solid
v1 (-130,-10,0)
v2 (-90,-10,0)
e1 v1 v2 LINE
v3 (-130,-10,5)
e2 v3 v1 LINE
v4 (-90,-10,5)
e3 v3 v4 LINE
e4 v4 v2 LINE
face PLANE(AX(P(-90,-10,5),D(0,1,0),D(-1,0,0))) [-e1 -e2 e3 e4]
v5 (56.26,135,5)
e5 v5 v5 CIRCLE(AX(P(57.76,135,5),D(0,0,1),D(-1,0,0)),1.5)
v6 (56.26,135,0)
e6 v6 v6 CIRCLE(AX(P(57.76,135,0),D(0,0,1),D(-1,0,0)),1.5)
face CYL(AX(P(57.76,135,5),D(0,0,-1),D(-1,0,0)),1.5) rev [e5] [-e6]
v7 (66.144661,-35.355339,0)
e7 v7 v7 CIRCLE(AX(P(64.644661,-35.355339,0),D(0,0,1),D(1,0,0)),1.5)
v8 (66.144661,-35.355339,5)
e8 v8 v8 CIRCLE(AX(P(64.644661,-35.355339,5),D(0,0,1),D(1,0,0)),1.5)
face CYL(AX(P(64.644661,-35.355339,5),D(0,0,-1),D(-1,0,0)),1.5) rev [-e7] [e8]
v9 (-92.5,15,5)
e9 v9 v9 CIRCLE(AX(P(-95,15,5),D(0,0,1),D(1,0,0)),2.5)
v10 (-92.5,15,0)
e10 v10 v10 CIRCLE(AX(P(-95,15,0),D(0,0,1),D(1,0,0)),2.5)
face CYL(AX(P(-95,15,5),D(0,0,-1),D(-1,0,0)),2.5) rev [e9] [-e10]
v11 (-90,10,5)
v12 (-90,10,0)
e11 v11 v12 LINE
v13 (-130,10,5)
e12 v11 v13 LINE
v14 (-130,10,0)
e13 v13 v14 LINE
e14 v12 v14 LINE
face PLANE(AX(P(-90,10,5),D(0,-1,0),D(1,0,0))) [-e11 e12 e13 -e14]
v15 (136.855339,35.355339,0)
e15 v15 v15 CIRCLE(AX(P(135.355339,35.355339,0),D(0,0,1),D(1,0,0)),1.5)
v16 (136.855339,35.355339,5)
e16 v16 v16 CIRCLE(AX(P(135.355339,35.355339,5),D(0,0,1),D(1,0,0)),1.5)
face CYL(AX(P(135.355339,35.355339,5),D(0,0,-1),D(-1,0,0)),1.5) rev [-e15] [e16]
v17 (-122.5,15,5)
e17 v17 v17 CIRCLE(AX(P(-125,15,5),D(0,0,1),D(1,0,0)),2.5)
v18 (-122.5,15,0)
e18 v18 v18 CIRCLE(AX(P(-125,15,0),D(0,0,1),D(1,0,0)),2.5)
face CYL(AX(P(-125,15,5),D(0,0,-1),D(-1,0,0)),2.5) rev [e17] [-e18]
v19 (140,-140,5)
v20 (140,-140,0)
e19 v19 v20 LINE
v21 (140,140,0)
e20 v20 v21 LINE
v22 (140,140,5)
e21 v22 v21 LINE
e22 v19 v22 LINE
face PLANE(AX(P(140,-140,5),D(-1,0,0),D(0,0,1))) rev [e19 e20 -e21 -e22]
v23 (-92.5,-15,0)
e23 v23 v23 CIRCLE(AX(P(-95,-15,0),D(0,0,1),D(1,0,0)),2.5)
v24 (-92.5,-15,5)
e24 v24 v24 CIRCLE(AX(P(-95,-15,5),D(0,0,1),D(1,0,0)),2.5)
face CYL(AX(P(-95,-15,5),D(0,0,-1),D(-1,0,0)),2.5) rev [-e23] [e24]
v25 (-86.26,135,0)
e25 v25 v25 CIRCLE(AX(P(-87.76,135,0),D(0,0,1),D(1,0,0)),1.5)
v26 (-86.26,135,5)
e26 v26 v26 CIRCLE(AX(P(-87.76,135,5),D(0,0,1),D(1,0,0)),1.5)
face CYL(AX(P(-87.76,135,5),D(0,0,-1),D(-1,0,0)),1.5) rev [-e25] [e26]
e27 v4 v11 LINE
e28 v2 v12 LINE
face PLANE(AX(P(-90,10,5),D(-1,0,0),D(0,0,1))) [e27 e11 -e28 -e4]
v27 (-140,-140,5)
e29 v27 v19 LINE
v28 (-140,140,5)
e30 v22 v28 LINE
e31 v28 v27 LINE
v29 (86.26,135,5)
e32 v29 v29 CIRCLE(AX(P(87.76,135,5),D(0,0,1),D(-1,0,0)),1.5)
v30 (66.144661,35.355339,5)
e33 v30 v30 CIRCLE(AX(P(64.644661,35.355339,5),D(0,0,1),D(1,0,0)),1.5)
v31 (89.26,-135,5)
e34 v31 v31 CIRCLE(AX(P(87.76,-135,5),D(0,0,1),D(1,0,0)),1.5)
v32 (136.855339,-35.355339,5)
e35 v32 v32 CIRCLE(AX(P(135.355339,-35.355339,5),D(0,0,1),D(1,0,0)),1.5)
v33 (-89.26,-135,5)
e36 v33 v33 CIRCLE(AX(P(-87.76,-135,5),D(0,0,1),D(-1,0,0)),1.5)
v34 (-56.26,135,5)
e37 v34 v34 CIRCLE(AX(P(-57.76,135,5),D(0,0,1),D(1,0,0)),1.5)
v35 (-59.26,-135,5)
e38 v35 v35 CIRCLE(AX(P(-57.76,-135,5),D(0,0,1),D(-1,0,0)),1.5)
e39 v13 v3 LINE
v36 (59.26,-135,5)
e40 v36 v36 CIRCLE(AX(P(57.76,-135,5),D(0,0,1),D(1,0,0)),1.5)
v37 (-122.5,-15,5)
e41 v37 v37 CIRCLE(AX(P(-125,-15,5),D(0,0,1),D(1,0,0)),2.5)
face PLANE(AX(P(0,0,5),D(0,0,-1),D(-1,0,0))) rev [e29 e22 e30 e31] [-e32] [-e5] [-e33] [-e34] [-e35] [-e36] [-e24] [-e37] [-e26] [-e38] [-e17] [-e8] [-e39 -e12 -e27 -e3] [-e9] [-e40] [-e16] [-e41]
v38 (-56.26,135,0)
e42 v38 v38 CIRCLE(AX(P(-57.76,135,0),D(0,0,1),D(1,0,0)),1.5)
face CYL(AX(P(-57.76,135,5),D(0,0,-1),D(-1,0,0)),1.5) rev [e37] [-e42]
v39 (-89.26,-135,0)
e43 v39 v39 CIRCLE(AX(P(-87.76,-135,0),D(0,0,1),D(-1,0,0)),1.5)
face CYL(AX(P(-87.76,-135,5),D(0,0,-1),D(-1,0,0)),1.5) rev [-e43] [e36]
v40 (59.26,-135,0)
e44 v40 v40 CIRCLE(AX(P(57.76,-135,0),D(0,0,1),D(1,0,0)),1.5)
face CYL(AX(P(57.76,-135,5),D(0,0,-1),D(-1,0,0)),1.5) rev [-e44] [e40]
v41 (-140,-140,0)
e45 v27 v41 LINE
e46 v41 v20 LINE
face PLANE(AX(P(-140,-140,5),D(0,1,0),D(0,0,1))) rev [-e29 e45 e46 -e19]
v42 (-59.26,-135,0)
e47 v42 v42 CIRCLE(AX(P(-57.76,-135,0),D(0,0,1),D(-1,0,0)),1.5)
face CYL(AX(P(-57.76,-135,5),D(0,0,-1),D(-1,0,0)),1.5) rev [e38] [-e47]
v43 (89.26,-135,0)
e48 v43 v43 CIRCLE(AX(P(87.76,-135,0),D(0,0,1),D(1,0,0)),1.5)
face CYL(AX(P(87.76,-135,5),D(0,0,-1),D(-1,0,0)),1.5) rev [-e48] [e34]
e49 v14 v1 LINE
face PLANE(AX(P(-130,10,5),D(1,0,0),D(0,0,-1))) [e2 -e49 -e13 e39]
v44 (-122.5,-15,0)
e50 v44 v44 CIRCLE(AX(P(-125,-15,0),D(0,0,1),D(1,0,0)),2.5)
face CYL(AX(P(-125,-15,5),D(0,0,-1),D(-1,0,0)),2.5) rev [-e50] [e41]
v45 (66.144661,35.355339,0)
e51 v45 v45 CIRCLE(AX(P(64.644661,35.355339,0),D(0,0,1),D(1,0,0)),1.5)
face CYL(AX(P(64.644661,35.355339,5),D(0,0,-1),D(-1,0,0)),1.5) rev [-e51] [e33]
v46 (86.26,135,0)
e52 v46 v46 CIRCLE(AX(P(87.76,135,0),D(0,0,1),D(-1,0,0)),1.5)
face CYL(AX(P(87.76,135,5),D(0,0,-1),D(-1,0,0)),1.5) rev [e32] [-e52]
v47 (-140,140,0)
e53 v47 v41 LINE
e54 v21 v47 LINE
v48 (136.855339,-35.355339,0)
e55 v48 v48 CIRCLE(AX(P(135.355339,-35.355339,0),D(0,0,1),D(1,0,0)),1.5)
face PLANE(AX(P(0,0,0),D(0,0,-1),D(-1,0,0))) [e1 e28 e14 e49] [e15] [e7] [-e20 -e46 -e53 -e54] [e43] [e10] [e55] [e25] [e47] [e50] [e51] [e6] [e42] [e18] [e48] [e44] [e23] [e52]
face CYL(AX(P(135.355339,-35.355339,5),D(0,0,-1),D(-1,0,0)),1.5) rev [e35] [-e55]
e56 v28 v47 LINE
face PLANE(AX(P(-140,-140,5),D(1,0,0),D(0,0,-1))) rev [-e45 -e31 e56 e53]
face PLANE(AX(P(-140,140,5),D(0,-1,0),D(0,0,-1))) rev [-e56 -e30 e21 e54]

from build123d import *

# Parameters (mm, degrees)
SKETCH_1_W      = 280
SKETCH_1_H      = 280
SKETCH_1_R      = 1.5
SKETCH_1_R_2    = 2.5
SKETCH_1_W_2    = 40
SKETCH_1_H_2    = 20
EXTRUDE_1_DEPTH = 5


with BuildPart() as part:
    # 草图1 → 凸台-拉伸1 (new body)
    with BuildSketch(Plane.XY):
        Rectangle(SKETCH_1_W, SKETCH_1_H)
        with Locations((-87.76, 135)):
            Circle(SKETCH_1_R, mode=Mode.SUBTRACT)
        with Locations((-57.76, 135)):
            Circle(SKETCH_1_R, mode=Mode.SUBTRACT)
        with Locations(Location((57.76, 135, 0), (0, 0, 180))):
            Circle(SKETCH_1_R, mode=Mode.SUBTRACT)
        with Locations(Location((87.76, 135, 0), (0, 0, 180))):
            Circle(SKETCH_1_R, mode=Mode.SUBTRACT)
        with Locations((87.76, -135)):
            Circle(SKETCH_1_R, mode=Mode.SUBTRACT)
        with Locations((57.76, -135)):
            Circle(SKETCH_1_R, mode=Mode.SUBTRACT)
        with Locations(Location((-57.76, -135, 0), (0, 0, 180))):
            Circle(SKETCH_1_R, mode=Mode.SUBTRACT)
        with Locations(Location((-87.76, -135, 0), (0, 0, 180))):
            Circle(SKETCH_1_R, mode=Mode.SUBTRACT)
        with Locations((64.644660941, 35.355339059)):
            Circle(SKETCH_1_R, mode=Mode.SUBTRACT)
        with Locations((135.355339059, 35.355339059)):
            Circle(SKETCH_1_R, mode=Mode.SUBTRACT)
        with Locations((64.644660941, -35.355339059)):
            Circle(SKETCH_1_R, mode=Mode.SUBTRACT)
        with Locations((135.355339059, -35.355339059)):
            Circle(SKETCH_1_R, mode=Mode.SUBTRACT)
        with Locations((-95, 15)):
            Circle(SKETCH_1_R_2, mode=Mode.SUBTRACT)
        with Locations((-125, 15)):
            Circle(SKETCH_1_R_2, mode=Mode.SUBTRACT)
        with Locations((-125, -15)):
            Circle(SKETCH_1_R_2, mode=Mode.SUBTRACT)
        with Locations((-95, -15)):
            Circle(SKETCH_1_R_2, mode=Mode.SUBTRACT)
        with Locations((-110, 0)):
            Rectangle(SKETCH_1_W_2, SKETCH_1_H_2, mode=Mode.SUBTRACT)
    extrude(amount=EXTRUDE_1_DEPTH)


solid = part.part
